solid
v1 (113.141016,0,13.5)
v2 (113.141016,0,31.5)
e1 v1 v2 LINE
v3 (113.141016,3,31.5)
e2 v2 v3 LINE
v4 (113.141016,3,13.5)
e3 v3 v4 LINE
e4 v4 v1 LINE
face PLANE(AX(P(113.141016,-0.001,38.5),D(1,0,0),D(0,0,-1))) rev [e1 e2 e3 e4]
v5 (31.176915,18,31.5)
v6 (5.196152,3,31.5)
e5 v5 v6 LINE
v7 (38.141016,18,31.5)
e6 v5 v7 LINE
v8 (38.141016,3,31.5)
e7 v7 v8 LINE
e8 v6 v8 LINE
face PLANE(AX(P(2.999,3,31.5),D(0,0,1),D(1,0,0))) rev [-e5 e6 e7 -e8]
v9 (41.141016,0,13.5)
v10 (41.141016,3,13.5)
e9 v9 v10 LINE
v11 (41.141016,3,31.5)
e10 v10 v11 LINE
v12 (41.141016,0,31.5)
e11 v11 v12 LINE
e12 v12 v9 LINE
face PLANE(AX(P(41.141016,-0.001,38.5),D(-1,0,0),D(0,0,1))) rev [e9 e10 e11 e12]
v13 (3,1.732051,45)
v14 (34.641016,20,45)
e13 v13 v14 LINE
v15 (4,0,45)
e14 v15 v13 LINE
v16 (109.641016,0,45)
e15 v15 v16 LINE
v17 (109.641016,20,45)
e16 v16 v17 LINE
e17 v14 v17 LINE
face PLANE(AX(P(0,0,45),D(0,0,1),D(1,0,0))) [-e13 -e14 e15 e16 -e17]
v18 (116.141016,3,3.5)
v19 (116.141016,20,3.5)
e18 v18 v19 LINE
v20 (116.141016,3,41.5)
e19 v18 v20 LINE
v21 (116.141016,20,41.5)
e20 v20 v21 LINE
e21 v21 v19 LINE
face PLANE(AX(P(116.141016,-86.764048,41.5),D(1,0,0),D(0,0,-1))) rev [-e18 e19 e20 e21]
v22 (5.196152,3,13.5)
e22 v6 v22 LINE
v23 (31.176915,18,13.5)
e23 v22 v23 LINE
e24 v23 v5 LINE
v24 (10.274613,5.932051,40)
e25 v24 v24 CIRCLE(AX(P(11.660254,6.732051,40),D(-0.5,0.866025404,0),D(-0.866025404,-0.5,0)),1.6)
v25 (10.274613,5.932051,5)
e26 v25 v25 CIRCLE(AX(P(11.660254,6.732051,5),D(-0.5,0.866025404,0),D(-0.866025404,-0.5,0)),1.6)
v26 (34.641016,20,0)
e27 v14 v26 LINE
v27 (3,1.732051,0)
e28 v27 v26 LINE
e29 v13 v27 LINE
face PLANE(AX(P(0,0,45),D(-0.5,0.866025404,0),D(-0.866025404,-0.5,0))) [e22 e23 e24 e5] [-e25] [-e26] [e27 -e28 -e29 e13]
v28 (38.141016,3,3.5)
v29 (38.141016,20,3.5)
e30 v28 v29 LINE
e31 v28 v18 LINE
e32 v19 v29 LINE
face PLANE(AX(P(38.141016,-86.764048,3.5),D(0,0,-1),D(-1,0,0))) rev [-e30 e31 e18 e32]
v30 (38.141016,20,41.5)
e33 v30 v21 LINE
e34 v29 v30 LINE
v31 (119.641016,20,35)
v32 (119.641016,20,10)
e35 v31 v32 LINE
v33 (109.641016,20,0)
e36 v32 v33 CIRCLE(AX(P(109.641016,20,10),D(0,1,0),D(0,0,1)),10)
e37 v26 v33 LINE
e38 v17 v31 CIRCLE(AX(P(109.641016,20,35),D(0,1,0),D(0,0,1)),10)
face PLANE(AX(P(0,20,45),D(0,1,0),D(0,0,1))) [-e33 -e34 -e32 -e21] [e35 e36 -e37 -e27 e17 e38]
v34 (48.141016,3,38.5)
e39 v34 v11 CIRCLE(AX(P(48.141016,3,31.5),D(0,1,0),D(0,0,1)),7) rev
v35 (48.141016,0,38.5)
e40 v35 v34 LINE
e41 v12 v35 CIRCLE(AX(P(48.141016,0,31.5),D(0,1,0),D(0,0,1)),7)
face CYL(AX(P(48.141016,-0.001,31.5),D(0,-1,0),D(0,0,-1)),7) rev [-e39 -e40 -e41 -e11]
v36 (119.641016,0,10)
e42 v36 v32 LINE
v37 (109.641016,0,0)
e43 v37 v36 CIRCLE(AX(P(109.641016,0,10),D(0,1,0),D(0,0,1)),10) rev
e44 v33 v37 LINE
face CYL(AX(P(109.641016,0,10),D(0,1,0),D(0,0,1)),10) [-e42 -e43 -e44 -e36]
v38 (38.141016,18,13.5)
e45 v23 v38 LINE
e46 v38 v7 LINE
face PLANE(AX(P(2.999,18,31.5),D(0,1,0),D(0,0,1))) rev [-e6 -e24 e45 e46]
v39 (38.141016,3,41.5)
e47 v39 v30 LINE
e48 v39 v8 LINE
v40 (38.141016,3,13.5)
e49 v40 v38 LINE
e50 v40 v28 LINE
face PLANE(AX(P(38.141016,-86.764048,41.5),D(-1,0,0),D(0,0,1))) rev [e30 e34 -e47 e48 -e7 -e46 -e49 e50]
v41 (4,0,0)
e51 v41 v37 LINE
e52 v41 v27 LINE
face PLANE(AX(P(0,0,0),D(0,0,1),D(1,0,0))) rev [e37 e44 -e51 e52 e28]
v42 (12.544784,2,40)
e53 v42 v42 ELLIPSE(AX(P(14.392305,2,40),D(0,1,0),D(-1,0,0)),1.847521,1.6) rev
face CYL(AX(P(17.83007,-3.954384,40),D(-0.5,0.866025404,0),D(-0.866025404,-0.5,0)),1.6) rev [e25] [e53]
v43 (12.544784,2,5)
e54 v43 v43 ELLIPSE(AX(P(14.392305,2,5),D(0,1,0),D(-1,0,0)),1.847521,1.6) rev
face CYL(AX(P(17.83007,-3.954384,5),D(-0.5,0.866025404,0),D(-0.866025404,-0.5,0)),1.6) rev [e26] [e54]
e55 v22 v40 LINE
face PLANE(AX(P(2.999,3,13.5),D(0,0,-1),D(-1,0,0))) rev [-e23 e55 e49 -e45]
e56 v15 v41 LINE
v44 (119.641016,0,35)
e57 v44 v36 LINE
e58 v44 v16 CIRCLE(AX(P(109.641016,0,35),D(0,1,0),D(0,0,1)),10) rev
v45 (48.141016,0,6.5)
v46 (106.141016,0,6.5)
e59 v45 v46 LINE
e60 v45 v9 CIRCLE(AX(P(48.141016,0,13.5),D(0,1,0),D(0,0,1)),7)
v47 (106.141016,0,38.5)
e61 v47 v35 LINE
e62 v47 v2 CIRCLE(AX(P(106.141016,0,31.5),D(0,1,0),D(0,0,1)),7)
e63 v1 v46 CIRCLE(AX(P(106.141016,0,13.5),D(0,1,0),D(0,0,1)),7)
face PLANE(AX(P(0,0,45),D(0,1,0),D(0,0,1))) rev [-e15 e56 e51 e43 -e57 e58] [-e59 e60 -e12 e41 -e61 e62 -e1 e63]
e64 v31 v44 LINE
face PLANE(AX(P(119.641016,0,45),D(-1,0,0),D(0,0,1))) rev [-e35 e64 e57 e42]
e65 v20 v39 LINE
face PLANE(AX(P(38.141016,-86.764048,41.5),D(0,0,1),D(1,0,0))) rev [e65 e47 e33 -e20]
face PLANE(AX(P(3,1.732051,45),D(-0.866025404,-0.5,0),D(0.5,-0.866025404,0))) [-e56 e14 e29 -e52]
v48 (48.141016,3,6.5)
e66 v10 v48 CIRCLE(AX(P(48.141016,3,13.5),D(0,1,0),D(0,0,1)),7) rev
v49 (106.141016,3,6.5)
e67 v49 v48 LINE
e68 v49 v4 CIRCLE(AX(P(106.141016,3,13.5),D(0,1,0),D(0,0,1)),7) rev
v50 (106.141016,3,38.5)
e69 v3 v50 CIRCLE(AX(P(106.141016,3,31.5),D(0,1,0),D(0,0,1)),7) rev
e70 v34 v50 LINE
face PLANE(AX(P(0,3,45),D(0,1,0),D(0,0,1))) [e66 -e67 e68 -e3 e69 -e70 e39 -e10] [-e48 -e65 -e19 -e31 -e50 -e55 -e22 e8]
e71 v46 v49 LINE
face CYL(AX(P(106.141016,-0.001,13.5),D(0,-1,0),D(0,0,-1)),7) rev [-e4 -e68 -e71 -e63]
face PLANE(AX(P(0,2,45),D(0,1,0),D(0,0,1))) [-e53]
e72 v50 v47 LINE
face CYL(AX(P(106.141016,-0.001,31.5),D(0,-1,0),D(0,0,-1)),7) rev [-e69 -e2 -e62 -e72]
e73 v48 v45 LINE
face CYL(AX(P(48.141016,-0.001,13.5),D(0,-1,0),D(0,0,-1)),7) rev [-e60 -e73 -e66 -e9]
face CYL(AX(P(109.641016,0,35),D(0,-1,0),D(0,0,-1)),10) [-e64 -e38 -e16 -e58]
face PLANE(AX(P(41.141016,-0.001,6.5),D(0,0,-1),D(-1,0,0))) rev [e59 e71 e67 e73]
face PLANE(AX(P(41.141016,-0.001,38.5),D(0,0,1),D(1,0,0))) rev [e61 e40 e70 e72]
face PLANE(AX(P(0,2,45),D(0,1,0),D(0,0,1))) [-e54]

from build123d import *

# Parameters (mm, degrees)
BOSS_EXTRUDE1_DEPTH = 45
SKETCH2_W           = 78
SKETCH2_H           = 38
CUT_EXTRUDE1_DEPTH  = 17
CUT_EXTRUDE2_REACH  = 130.949
SKETCH3_W           = 72
SKETCH3_H           = 32
FILLET1_R           = 10
FILLET2_R           = 7
CUT_EXTRUDE3_REACH  = 97.222
SKETCH4_W           = 18
SKETCH4_H           = 15
CUT_EXTRUDE4_REACH  = 131.379
SKETCH5_R           = 1.6


with BuildPart() as part:
    # Sketch1 → Boss-Extrude1 (new body)
    with BuildSketch(Plane.XY):
        Polygon((34.641016151, 20), (3, 1.732050808), (4, 0), (119.641016151, 0), (119.641016151, 20), align=None)
    extrude(amount=BOSS_EXTRUDE1_DEPTH)

    # Sketch2 → Cut-Extrude1 (cut)
    with BuildSketch(Plane(origin=(0, 20, 0), x_dir=(1, 0, 0), z_dir=(0, 1, 0))):
        with Locations((77.141016151, -22.5)):
            Rectangle(SKETCH2_W, SKETCH2_H)
    extrude(amount=-CUT_EXTRUDE1_DEPTH, mode=Mode.SUBTRACT)

    # Sketch3 → Cut-Extrude2 (cut, up to next)
    with BuildSketch(Plane(origin=(0, 3, 0), x_dir=(1, 0, 0), z_dir=(0, 1, 0)), mode=Mode.PRIVATE) as cut_extrude2_sk1:
        with Locations((77.141016151, -22.5)):
            Rectangle(SKETCH3_W, SKETCH3_H)
    cut_extrude2_tool1 = extrude(cut_extrude2_sk1.sketch, amount=-CUT_EXTRUDE2_REACH, mode=Mode.PRIVATE) & part.part
    add(cut_extrude2_tool1.solids().sort_by_distance((77.141016, 3, 22.5))[0], mode=Mode.SUBTRACT)

    # Fillet1
    fillet1_edges = [part.edges().sort_by_distance(p)[0] for p in [
        (119.641016151, 10, 45),
        (119.641016151, 10, 0),
    ]]
    fillet(fillet1_edges, radius=FILLET1_R)

    # Fillet2
    fillet2_edges = [part.edges().sort_by_distance(p)[0] for p in [
        (41.141016151, 1.5, 38.5),
        (41.141016151, 1.5, 6.5),
        (113.141016151, 1.5, 6.5),
        (113.141016151, 1.5, 38.5),
    ]]
    fillet(fillet2_edges, radius=FILLET2_R)

    # Cut-Extrude3: up to this plane
    cut_extrude3_end = Plane(origin=(0, 0, 45), z_dir=(-0.5000000000000014, 0.8660254037844379, 0))
    # Sketch4 → Cut-Extrude3 (cut, up to the surface)
    with BuildSketch(Plane(origin=(38.141016151, 0, 0), x_dir=(0, 0, -1), z_dir=(1, 0, 0)), mode=Mode.PRIVATE) as cut_extrude3_sk1:
        with Locations((-22.5, 10.5)):
            Rectangle(SKETCH4_W, SKETCH4_H)
    cut_extrude3_tool1 = split(extrude(cut_extrude3_sk1.sketch, amount=-CUT_EXTRUDE3_REACH, mode=Mode.PRIVATE), bisect_by=cut_extrude3_end, keep=Keep.BOTH, mode=Mode.PRIVATE)
    add(cut_extrude3_tool1.solids().sort_by_distance((38.141016, 10.5, 22.5))[0], mode=Mode.SUBTRACT)

    # Cut-Extrude4: up to this plane
    cut_extrude4_end = Plane(origin=(0, 2, 45), z_dir=(0, 1, 0))
    # Sketch5 → Cut-Extrude4 (cut, up to the surface)
    with BuildSketch(Plane(origin=(0, 0, 0), x_dir=(0.8660254037844378, 0.5000000000000017, 0), z_dir=(-0.5000000000000016, 0.8660254037844377, 0)), mode=Mode.PRIVATE) as cut_extrude4_sk1:
        with Locations(Location((13.464101615, -5, 0), (0, 0, 180))):
            Circle(SKETCH5_R)
    cut_extrude4_tool1 = split(extrude(cut_extrude4_sk1.sketch, amount=-CUT_EXTRUDE4_REACH, mode=Mode.PRIVATE), bisect_by=cut_extrude4_end, keep=Keep.BOTH, mode=Mode.PRIVATE)
    add(cut_extrude4_tool1.solids().sort_by_distance((11.660254, 6.732051, 5))[0], mode=Mode.SUBTRACT)
    # Sketch5 → Cut-Extrude4 (cut, up to the surface)
    with BuildSketch(Plane(origin=(0, 0, 0), x_dir=(0.8660254037844378, 0.5000000000000017, 0), z_dir=(-0.5000000000000016, 0.8660254037844377, 0)), mode=Mode.PRIVATE) as cut_extrude4_sk2:
        with Locations(Location((13.464101615, -40, 0), (0, 0, 180))):
            Circle(SKETCH5_R)
    cut_extrude4_tool2 = split(extrude(cut_extrude4_sk2.sketch, amount=-CUT_EXTRUDE4_REACH, mode=Mode.PRIVATE), bisect_by=cut_extrude4_end, keep=Keep.BOTH, mode=Mode.PRIVATE)
    add(cut_extrude4_tool2.solids().sort_by_distance((11.660254, 6.732051, 40))[0], mode=Mode.SUBTRACT)


solid = part.part
